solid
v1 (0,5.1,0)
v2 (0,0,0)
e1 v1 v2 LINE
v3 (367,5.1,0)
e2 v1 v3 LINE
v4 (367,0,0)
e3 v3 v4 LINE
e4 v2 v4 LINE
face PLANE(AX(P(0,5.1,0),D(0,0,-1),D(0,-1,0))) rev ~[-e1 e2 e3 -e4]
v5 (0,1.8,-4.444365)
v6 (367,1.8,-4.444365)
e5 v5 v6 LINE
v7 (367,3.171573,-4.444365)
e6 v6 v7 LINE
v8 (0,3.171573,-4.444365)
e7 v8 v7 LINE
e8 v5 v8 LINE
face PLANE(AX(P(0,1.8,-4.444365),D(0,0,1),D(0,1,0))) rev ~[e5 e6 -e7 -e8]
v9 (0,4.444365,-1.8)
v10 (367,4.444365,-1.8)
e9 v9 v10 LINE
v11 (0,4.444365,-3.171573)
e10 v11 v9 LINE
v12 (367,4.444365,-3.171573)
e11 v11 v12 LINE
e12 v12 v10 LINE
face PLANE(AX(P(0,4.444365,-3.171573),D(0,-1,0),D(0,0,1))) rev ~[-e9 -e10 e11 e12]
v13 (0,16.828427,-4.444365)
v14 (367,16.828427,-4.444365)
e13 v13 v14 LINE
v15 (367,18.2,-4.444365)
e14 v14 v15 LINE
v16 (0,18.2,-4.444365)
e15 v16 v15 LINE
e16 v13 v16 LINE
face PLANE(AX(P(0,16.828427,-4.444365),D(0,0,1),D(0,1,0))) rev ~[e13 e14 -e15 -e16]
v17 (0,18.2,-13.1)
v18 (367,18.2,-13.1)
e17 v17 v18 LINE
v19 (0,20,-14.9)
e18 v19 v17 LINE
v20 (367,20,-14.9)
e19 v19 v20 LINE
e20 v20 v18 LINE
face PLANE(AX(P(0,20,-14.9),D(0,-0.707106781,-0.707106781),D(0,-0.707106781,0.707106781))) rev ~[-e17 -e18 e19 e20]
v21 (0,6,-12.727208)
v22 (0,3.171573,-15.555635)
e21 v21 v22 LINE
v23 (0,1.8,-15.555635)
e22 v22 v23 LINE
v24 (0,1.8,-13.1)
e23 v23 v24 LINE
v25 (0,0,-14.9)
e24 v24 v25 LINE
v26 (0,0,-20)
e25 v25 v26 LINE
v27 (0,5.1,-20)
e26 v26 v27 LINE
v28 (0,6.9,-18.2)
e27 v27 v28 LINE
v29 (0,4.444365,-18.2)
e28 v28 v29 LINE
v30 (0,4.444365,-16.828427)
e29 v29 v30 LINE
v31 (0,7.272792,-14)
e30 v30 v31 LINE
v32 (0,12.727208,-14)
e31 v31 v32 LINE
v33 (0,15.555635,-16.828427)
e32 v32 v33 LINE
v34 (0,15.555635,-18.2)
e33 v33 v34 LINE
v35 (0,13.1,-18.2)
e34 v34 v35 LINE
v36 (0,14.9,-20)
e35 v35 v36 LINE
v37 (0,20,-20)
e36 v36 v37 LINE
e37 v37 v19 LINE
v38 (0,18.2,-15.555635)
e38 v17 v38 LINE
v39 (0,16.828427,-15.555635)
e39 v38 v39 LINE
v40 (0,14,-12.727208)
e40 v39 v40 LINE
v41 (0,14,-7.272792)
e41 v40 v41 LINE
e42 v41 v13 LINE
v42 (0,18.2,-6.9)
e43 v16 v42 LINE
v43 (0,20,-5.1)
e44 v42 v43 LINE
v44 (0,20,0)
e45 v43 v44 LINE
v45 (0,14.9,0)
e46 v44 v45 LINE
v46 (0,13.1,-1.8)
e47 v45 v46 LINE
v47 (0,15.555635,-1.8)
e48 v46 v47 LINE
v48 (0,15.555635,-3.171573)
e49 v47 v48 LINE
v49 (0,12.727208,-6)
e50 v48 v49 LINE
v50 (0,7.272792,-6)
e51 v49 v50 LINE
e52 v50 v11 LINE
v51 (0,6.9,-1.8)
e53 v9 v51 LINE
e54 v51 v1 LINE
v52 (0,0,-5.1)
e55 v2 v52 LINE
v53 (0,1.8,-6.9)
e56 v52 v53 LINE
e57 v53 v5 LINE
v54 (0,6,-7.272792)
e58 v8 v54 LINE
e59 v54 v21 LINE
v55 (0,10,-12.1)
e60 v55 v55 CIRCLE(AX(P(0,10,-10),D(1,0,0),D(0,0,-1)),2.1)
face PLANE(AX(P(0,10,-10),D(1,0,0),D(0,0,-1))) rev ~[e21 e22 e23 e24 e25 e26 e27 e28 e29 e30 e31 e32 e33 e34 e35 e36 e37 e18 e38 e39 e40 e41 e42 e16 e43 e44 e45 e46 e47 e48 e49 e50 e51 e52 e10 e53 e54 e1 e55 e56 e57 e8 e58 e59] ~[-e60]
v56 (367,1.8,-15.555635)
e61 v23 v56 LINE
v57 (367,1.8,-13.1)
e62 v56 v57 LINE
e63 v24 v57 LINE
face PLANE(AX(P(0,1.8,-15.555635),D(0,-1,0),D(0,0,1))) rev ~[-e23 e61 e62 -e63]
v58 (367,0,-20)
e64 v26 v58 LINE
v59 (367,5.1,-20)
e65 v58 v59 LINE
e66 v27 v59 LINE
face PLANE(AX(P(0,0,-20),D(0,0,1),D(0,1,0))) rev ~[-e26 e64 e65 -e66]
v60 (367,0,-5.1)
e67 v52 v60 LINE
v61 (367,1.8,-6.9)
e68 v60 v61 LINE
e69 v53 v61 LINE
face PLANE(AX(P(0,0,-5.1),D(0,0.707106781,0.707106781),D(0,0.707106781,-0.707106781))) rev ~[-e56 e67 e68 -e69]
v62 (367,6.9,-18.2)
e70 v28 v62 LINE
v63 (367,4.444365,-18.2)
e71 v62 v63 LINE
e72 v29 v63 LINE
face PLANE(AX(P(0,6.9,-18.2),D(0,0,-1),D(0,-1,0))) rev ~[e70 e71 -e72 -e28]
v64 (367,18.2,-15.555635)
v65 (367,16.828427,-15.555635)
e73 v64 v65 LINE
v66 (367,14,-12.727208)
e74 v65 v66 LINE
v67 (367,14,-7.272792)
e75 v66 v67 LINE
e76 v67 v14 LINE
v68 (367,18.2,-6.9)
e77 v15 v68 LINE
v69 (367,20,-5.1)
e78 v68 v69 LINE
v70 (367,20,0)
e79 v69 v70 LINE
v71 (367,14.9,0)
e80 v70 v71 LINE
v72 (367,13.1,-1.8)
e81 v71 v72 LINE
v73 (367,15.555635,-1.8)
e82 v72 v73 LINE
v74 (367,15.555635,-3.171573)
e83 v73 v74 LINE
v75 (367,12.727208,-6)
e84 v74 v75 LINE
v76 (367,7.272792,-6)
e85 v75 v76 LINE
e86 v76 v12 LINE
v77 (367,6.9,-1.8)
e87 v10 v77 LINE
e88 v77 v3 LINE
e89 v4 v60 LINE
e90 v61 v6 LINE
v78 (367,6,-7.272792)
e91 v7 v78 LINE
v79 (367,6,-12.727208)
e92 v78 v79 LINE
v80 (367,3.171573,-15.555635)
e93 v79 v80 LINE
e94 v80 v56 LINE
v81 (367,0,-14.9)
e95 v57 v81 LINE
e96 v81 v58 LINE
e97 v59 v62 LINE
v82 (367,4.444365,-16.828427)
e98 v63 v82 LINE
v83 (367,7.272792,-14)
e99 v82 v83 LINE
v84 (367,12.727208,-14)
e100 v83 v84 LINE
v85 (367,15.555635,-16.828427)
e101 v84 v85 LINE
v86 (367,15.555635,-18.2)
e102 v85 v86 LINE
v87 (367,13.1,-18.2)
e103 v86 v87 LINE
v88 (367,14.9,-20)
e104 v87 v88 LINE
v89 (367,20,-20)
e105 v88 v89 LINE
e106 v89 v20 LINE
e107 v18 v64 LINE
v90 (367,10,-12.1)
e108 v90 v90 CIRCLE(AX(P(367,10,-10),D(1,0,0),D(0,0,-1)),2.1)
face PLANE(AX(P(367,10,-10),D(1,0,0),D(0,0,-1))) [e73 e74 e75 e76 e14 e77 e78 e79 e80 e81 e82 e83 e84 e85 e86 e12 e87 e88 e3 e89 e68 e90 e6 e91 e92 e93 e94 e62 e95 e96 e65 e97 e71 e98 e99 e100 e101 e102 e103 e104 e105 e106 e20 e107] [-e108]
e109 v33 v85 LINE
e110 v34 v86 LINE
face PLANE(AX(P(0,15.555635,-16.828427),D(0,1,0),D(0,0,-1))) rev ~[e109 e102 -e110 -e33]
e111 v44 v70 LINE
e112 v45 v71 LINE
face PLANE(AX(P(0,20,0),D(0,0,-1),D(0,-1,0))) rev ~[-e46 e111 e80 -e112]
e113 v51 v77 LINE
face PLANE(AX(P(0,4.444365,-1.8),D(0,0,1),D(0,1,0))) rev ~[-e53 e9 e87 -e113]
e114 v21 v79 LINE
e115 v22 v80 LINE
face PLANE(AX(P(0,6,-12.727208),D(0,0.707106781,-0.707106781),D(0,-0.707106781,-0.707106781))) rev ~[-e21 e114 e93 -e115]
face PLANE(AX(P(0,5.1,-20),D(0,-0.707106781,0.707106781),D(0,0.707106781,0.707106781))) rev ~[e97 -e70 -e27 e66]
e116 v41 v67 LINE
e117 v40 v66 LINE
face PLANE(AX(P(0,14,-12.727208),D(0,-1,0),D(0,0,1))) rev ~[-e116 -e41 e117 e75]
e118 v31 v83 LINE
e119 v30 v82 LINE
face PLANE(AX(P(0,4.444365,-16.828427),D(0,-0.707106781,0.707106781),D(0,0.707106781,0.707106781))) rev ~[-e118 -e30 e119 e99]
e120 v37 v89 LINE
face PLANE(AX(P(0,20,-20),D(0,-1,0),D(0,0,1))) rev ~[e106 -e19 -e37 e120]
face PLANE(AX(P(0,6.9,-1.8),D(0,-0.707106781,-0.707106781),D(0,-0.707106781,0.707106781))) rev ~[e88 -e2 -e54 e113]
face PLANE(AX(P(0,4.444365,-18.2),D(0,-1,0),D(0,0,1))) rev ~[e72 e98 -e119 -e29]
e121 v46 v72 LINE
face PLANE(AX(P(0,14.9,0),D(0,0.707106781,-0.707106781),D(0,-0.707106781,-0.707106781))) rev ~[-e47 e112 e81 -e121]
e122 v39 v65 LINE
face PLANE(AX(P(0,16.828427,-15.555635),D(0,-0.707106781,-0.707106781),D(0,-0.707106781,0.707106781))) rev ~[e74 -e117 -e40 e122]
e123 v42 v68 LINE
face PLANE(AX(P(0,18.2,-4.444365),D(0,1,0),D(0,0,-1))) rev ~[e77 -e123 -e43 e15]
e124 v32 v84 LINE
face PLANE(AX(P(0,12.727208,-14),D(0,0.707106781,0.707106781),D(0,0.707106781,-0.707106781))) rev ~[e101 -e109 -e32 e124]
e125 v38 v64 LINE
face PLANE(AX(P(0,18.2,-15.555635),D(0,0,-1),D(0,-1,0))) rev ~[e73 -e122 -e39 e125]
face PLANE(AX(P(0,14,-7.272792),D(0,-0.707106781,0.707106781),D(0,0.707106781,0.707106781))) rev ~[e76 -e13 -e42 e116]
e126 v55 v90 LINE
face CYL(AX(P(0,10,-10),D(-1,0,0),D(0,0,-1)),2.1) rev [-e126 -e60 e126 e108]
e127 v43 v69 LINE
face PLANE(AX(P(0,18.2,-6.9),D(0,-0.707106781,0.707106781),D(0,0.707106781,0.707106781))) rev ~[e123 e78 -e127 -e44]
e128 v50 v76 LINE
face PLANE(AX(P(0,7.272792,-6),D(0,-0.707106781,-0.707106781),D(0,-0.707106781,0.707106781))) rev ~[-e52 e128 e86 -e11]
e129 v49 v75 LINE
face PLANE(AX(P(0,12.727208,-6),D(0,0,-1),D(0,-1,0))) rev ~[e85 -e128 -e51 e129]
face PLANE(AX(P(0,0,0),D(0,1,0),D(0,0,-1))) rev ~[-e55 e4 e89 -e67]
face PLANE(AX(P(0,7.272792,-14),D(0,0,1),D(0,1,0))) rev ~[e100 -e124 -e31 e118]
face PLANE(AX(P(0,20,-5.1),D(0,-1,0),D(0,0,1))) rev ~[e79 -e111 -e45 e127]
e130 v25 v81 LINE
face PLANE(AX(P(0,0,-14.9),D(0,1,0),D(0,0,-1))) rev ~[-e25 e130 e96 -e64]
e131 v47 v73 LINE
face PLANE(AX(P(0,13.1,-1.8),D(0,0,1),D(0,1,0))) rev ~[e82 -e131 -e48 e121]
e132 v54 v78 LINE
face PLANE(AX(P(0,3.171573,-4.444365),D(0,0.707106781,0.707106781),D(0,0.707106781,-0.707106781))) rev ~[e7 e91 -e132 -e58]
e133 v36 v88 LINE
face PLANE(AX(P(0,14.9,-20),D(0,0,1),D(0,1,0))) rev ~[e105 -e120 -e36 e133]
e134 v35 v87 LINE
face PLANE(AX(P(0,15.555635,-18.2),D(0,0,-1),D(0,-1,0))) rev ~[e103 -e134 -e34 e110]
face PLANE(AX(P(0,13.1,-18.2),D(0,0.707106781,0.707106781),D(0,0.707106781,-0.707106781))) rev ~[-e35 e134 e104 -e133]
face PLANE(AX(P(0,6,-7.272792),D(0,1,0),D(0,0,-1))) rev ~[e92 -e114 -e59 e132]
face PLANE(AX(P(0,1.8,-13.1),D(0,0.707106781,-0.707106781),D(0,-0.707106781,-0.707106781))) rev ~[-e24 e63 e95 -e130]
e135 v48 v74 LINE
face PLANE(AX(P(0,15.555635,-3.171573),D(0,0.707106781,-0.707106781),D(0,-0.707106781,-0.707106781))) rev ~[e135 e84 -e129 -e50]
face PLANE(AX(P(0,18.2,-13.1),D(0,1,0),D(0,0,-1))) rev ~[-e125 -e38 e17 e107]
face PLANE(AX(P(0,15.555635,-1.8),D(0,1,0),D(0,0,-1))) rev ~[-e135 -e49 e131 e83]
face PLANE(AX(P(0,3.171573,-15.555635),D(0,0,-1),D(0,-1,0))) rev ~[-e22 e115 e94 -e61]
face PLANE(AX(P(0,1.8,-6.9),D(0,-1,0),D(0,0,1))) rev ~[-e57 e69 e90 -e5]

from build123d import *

# Parameters (mm, degrees)
SKETCH1_R           = 2.1
BOSS_EXTRUDE1_DEPTH = 367


with BuildPart() as part:
    # Sketch1 → Boss-Extrude1 (new body)
    with BuildSketch(Plane(origin=(0, 0, 0), x_dir=(0, 0, -1), z_dir=(1, 0, 0))):
        Polygon((6, 12.727207794), (6, 7.272792206), (3.171572875, 4.444365081), (1.8, 4.444365081), (1.8, 6.9), (0, 5.1), (0, 0), (5.1, 0), (6.9, 1.8), (4.444365081, 1.8), (4.444365081, 3.171572875), (7.272792206, 6), (12.727207794, 6), (15.555634919, 3.171572875), (15.555634919, 1.8), (13.1, 1.8), (14.9, 0), (20, 0), (20, 5.1), (18.2, 6.9), (18.2, 4.444365081), (16.828427125, 4.444365081), (14, 7.272792206), (14, 12.727207794), (16.828427125, 15.555634919), (18.2, 15.555634919), (18.2, 13.1), (20, 14.9), (20, 20), (14.9, 20), (13.1, 18.2), (15.555634919, 18.2), (15.555634919, 16.828427125), (12.727207794, 14), (7.272792206, 14), (4.444365081, 16.828427125), (4.444365081, 18.2), (6.9, 18.2), (5.1, 20), (0, 20), (0, 14.9), (1.8, 13.1), (1.8, 15.555634919), (3.171572875, 15.555634919), align=None)
        with Locations((10, 10)):
            Circle(SKETCH1_R, mode=Mode.SUBTRACT)
    extrude(amount=BOSS_EXTRUDE1_DEPTH)


solid = part.part
